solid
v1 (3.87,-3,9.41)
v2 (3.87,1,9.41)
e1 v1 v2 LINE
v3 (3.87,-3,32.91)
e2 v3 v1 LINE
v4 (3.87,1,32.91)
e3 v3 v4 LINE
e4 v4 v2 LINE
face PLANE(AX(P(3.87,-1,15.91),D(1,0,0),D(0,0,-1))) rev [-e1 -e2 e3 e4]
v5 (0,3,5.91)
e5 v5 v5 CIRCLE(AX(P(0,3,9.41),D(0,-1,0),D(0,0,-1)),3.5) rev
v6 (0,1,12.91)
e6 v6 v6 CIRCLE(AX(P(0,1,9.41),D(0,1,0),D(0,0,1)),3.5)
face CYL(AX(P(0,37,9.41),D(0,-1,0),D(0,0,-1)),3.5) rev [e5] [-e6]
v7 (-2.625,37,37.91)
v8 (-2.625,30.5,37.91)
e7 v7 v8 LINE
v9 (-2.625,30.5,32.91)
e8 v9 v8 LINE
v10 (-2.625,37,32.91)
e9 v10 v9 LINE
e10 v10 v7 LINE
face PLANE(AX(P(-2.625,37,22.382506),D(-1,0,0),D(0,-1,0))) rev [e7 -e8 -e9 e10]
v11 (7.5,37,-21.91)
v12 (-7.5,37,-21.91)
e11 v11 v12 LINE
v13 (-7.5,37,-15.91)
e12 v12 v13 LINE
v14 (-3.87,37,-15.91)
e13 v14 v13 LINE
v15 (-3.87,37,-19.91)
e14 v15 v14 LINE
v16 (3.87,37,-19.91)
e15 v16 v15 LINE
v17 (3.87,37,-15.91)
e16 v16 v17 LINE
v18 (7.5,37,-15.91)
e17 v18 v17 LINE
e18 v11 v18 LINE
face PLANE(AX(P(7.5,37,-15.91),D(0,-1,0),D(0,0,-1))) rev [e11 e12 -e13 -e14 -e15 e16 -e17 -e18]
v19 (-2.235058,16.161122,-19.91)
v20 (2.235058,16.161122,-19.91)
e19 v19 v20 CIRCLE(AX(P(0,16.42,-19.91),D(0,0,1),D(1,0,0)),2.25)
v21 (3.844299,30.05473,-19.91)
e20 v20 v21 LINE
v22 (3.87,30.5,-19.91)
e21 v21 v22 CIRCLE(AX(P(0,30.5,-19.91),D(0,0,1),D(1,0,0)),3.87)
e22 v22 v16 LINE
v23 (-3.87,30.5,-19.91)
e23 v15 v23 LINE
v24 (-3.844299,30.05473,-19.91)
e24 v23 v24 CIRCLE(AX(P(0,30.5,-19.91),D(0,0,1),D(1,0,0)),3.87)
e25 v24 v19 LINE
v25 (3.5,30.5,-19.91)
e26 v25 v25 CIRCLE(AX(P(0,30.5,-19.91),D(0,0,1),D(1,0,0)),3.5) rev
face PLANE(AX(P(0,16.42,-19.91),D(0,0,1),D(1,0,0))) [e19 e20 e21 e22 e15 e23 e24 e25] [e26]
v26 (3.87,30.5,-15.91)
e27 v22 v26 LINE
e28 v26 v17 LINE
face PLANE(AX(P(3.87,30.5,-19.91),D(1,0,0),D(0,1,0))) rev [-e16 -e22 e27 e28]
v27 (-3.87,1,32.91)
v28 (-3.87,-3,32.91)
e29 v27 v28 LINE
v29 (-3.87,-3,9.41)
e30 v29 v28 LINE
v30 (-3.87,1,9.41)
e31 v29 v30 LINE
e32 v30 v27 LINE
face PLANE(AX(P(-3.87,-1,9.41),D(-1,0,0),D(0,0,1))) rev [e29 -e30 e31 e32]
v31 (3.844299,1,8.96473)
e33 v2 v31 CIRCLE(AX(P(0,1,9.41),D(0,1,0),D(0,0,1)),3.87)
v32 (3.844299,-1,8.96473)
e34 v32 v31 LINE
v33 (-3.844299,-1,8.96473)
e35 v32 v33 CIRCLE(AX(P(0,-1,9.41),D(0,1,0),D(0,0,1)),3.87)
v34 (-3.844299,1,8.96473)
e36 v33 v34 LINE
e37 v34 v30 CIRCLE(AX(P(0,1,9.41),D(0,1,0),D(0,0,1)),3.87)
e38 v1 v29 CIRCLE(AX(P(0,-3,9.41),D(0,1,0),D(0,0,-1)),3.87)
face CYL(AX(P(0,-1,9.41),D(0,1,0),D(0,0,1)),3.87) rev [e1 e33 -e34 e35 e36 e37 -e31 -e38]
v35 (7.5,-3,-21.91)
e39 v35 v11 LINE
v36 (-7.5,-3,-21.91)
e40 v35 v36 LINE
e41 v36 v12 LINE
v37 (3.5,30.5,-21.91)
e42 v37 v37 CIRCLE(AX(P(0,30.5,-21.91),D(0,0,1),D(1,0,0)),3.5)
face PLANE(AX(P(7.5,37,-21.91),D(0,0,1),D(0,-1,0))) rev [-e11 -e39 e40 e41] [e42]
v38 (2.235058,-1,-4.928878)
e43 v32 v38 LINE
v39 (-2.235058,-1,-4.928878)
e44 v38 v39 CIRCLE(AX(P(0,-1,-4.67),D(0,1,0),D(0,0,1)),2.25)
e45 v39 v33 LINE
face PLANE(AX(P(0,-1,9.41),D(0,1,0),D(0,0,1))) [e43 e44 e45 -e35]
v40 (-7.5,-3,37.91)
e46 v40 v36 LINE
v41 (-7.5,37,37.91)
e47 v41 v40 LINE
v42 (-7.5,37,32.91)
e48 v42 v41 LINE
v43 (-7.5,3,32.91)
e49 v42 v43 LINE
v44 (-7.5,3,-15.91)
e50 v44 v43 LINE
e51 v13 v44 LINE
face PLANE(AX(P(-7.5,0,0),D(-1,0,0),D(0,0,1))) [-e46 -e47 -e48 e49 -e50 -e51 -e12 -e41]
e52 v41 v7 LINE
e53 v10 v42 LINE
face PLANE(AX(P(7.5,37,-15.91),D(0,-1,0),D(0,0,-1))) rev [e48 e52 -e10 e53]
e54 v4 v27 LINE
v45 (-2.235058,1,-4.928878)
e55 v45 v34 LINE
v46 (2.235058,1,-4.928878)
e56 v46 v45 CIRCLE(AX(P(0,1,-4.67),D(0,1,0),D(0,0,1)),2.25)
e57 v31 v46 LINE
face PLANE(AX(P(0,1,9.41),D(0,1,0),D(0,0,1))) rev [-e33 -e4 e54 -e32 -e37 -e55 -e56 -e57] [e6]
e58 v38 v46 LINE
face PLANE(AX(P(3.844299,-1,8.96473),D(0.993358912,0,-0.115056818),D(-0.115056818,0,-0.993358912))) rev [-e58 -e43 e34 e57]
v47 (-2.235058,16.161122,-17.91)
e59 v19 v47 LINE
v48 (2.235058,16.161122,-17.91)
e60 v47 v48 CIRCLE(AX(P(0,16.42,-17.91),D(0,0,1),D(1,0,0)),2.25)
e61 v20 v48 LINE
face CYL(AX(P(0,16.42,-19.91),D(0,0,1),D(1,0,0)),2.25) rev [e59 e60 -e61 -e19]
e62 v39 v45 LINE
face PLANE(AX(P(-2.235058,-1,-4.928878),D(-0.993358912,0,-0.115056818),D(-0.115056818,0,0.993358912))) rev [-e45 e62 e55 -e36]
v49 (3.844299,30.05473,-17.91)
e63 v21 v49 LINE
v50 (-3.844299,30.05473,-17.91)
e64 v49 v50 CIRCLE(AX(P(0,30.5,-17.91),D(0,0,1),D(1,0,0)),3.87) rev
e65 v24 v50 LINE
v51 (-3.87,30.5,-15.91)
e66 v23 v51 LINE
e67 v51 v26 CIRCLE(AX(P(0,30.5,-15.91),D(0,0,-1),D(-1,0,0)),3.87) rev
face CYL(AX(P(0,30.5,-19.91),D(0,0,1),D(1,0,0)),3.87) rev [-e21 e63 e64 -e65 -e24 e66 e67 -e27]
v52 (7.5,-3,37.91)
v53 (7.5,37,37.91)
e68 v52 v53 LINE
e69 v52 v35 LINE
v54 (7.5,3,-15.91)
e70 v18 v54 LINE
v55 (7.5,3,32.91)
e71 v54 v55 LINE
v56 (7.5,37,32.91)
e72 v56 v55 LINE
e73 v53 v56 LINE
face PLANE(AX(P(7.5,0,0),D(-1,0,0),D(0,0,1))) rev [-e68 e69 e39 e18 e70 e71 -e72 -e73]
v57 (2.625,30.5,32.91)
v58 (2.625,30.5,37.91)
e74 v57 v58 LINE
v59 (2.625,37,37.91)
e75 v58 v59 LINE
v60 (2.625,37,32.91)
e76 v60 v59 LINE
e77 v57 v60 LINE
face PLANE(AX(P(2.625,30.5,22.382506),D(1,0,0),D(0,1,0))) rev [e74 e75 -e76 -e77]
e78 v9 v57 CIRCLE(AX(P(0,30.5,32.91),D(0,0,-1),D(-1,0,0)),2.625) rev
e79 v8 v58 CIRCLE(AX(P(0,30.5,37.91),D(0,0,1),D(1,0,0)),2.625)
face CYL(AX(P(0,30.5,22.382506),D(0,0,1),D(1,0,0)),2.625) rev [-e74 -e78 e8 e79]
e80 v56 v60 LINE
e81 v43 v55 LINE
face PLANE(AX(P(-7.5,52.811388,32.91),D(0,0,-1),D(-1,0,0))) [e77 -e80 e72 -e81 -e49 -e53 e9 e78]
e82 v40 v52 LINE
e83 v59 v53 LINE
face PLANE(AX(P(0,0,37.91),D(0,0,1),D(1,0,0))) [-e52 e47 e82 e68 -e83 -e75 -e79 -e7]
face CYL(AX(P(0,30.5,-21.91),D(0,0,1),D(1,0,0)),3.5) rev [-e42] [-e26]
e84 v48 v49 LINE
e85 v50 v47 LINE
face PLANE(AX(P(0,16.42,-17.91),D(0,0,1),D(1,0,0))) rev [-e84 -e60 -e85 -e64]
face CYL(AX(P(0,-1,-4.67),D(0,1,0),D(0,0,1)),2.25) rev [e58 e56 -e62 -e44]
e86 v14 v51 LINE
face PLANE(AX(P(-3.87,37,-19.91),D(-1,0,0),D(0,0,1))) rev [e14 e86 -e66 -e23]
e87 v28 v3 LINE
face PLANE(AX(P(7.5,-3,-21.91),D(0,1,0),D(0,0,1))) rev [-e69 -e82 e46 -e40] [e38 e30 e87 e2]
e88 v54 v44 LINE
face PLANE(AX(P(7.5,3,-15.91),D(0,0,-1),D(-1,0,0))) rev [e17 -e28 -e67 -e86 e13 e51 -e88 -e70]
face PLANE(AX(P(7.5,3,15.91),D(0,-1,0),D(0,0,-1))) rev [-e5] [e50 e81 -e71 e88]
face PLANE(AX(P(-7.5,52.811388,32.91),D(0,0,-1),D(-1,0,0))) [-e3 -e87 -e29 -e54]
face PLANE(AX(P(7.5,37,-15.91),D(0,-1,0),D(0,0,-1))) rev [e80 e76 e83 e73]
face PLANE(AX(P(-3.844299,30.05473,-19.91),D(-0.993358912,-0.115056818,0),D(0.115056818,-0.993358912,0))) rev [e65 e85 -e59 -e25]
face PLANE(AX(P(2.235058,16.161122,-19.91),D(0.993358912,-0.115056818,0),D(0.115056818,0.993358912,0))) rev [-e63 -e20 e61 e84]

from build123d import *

# Parameters (mm, degrees)
BOSS_EXTRUDE1_DEPTH = 7.5
SKETCH2_R           = 3.5
CUT_EXTRUDE1_DEPTH  = 44.649720503
SKETCH6_R           = 3.5
CUT_EXTRUDE4_DEPTH  = 52.358372248
CUT_EXTRUDE5_DEPTH  = 1
CUT_EXTRUDE6_DEPTH  = 53.041544942
CUT_EXTRUDE7_DEPTH  = 1
CUT_EXTRUDE8_DEPTH  = 44.649720503
BOSS_EXTRUDE2_DEPTH = 22
BOSS_EXTRUDE3_START = -40
SKETCH12_W          = 15
SKETCH12_H          = 5
BOSS_EXTRUDE3_DEPTH = 40
CUT_EXTRUDE9_DEPTH  = 5


with BuildPart() as part:
    # Sketch1 → Boss-Extrude1 (new, symmetric)
    with BuildSketch(Plane(origin=(0, 0, 0), x_dir=(0, 0, -1), z_dir=(1, 0, 0))):
        Polygon((-15.91, -3), (-15.91, 3), (15.91, 3), (15.91, 37), (21.91, 37), (21.91, -3), align=None)
    extrude(amount=BOSS_EXTRUDE1_DEPTH, both=True)

    # Sketch2 → Cut-Extrude1 (cut, through all)
    with BuildSketch(Plane(origin=(0, 0, 0), x_dir=(1, 0, 0), z_dir=(0, 1, 0))):
        with Locations(Location((0, -9.41, 0), (0, 0, 90))):
            Circle(SKETCH2_R)
    extrude(amount=CUT_EXTRUDE1_DEPTH, mode=Mode.SUBTRACT)

    # Sketch6 → Cut-Extrude4 (cut, through all)
    with BuildSketch(Plane.XY.offset(-18.91)):
        with Locations((0, 30.5)):
            Circle(SKETCH6_R)
    extrude(amount=-CUT_EXTRUDE4_DEPTH, mode=Mode.SUBTRACT)

    # Sketch7 → Cut-Extrude5 (cut, symmetric)
    with BuildSketch(Plane.XY.offset(-18.91)):
        with BuildLine():
            Line((2.235057553, 16.161122159), (3.84429899, 30.054730114))
            ThreePointArc((3.84429899, 30.054730114), (3.863569405, 30.276994499), (3.87, 30.5))
            Line((3.87, 30.5), (3.87, 37))
            Line((3.87, 37), (-3.87, 37))
            Line((-3.87, 37), (-3.87, 30.5))
            ThreePointArc((-3.87, 30.5), (-3.863569405, 30.276994499), (-3.84429899, 30.054730114))
            Line((-3.84429899, 30.054730114), (-2.235057553, 16.161122159))
            ThreePointArc((-2.235057553, 16.161122159), (0, 14.17), (2.235057553, 16.161122159))
        make_face()
    extrude(amount=CUT_EXTRUDE5_DEPTH, both=True, mode=Mode.SUBTRACT)

    # Sketch8 → Cut-Extrude6 (cut, through all)
    with BuildSketch(Plane.XY.offset(-19.91)):
        with BuildLine():
            Line((3.87, 30.5), (3.87, 37))
            Line((3.87, 37), (-3.87, 37))
            Line((-3.87, 37), (-3.87, 30.5))
            ThreePointArc((-3.87, 30.5), (0, 26.63), (3.87, 30.5))
        make_face()
    extrude(amount=CUT_EXTRUDE6_DEPTH, mode=Mode.SUBTRACT)

    # Sketch9 → Cut-Extrude7 (cut, symmetric)
    with BuildSketch(Plane(origin=(0, 0, 0), x_dir=(1, 0, 0), z_dir=(0, 1, 0))):
        with BuildLine():
            Line((-3.87, -9.41), (-3.87, -15.91))
            Line((-3.87, -15.91), (3.87, -15.91))
            Line((3.87, -15.91), (3.87, -9.41))
            ThreePointArc((3.87, -9.41), (3.863569405, -9.186994499), (3.84429899, -8.964730114))
            Line((3.84429899, -8.964730114), (2.235057553, 4.928877841))
            ThreePointArc((2.235057553, 4.928877841), (0, 6.92), (-2.235057553, 4.928877841))
            Line((-2.235057553, 4.928877841), (-3.84429899, -8.964730114))
            ThreePointArc((-3.84429899, -8.964730114), (-3.863569405, -9.186994499), (-3.87, -9.41))
        make_face()
    extrude(amount=CUT_EXTRUDE7_DEPTH, both=True, mode=Mode.SUBTRACT)

    # Sketch10 → Cut-Extrude8 (cut, through all)
    with BuildSketch(Plane(origin=(0, 0, 0), x_dir=(1, 0, 0), z_dir=(0, 1, 0))):
        with BuildLine():
            Line((-3.87, -15.91), (3.87, -15.91))
            Line((3.87, -15.91), (3.87, -9.41))
            ThreePointArc((3.87, -9.41), (0, -5.54), (-3.87, -9.41))
            Line((-3.87, -9.41), (-3.87, -15.91))
        make_face()
    extrude(amount=-CUT_EXTRUDE8_DEPTH, mode=Mode.SUBTRACT)

    # Sketch11 → Boss-Extrude2 (add)
    with BuildSketch(Plane.XY.offset(15.91)):
        Polygon((-7.5, -3), (-3.87, -3), (-3.87, 1), (3.87, 1), (3.87, -3), (7.5, -3), (7.5, 3), (-7.5, 3), align=None)
    extrude(amount=BOSS_EXTRUDE2_DEPTH)

    # Sketch12 → Boss-Extrude3 (add)
    with BuildSketch(Plane.XZ.offset(3).offset(BOSS_EXTRUDE3_START)):
        with Locations((0, 35.41)):
            Rectangle(SKETCH12_W, SKETCH12_H)
    extrude(amount=BOSS_EXTRUDE3_DEPTH)

    # Sketch14 → Cut-Extrude9 (cut)
    with BuildSketch(Plane.XY.offset(37.91)):
        with BuildLine():
            Line((-2.625, 37), (-2.625, 30.5))
            ThreePointArc((-2.625, 30.5), (0, 27.875), (2.625, 30.5))
            Line((2.625, 30.5), (2.625, 37))
            Line((2.625, 37), (-2.625, 37))
        make_face()
    extrude(amount=-CUT_EXTRUDE9_DEPTH, mode=Mode.SUBTRACT)


solid = part.part
